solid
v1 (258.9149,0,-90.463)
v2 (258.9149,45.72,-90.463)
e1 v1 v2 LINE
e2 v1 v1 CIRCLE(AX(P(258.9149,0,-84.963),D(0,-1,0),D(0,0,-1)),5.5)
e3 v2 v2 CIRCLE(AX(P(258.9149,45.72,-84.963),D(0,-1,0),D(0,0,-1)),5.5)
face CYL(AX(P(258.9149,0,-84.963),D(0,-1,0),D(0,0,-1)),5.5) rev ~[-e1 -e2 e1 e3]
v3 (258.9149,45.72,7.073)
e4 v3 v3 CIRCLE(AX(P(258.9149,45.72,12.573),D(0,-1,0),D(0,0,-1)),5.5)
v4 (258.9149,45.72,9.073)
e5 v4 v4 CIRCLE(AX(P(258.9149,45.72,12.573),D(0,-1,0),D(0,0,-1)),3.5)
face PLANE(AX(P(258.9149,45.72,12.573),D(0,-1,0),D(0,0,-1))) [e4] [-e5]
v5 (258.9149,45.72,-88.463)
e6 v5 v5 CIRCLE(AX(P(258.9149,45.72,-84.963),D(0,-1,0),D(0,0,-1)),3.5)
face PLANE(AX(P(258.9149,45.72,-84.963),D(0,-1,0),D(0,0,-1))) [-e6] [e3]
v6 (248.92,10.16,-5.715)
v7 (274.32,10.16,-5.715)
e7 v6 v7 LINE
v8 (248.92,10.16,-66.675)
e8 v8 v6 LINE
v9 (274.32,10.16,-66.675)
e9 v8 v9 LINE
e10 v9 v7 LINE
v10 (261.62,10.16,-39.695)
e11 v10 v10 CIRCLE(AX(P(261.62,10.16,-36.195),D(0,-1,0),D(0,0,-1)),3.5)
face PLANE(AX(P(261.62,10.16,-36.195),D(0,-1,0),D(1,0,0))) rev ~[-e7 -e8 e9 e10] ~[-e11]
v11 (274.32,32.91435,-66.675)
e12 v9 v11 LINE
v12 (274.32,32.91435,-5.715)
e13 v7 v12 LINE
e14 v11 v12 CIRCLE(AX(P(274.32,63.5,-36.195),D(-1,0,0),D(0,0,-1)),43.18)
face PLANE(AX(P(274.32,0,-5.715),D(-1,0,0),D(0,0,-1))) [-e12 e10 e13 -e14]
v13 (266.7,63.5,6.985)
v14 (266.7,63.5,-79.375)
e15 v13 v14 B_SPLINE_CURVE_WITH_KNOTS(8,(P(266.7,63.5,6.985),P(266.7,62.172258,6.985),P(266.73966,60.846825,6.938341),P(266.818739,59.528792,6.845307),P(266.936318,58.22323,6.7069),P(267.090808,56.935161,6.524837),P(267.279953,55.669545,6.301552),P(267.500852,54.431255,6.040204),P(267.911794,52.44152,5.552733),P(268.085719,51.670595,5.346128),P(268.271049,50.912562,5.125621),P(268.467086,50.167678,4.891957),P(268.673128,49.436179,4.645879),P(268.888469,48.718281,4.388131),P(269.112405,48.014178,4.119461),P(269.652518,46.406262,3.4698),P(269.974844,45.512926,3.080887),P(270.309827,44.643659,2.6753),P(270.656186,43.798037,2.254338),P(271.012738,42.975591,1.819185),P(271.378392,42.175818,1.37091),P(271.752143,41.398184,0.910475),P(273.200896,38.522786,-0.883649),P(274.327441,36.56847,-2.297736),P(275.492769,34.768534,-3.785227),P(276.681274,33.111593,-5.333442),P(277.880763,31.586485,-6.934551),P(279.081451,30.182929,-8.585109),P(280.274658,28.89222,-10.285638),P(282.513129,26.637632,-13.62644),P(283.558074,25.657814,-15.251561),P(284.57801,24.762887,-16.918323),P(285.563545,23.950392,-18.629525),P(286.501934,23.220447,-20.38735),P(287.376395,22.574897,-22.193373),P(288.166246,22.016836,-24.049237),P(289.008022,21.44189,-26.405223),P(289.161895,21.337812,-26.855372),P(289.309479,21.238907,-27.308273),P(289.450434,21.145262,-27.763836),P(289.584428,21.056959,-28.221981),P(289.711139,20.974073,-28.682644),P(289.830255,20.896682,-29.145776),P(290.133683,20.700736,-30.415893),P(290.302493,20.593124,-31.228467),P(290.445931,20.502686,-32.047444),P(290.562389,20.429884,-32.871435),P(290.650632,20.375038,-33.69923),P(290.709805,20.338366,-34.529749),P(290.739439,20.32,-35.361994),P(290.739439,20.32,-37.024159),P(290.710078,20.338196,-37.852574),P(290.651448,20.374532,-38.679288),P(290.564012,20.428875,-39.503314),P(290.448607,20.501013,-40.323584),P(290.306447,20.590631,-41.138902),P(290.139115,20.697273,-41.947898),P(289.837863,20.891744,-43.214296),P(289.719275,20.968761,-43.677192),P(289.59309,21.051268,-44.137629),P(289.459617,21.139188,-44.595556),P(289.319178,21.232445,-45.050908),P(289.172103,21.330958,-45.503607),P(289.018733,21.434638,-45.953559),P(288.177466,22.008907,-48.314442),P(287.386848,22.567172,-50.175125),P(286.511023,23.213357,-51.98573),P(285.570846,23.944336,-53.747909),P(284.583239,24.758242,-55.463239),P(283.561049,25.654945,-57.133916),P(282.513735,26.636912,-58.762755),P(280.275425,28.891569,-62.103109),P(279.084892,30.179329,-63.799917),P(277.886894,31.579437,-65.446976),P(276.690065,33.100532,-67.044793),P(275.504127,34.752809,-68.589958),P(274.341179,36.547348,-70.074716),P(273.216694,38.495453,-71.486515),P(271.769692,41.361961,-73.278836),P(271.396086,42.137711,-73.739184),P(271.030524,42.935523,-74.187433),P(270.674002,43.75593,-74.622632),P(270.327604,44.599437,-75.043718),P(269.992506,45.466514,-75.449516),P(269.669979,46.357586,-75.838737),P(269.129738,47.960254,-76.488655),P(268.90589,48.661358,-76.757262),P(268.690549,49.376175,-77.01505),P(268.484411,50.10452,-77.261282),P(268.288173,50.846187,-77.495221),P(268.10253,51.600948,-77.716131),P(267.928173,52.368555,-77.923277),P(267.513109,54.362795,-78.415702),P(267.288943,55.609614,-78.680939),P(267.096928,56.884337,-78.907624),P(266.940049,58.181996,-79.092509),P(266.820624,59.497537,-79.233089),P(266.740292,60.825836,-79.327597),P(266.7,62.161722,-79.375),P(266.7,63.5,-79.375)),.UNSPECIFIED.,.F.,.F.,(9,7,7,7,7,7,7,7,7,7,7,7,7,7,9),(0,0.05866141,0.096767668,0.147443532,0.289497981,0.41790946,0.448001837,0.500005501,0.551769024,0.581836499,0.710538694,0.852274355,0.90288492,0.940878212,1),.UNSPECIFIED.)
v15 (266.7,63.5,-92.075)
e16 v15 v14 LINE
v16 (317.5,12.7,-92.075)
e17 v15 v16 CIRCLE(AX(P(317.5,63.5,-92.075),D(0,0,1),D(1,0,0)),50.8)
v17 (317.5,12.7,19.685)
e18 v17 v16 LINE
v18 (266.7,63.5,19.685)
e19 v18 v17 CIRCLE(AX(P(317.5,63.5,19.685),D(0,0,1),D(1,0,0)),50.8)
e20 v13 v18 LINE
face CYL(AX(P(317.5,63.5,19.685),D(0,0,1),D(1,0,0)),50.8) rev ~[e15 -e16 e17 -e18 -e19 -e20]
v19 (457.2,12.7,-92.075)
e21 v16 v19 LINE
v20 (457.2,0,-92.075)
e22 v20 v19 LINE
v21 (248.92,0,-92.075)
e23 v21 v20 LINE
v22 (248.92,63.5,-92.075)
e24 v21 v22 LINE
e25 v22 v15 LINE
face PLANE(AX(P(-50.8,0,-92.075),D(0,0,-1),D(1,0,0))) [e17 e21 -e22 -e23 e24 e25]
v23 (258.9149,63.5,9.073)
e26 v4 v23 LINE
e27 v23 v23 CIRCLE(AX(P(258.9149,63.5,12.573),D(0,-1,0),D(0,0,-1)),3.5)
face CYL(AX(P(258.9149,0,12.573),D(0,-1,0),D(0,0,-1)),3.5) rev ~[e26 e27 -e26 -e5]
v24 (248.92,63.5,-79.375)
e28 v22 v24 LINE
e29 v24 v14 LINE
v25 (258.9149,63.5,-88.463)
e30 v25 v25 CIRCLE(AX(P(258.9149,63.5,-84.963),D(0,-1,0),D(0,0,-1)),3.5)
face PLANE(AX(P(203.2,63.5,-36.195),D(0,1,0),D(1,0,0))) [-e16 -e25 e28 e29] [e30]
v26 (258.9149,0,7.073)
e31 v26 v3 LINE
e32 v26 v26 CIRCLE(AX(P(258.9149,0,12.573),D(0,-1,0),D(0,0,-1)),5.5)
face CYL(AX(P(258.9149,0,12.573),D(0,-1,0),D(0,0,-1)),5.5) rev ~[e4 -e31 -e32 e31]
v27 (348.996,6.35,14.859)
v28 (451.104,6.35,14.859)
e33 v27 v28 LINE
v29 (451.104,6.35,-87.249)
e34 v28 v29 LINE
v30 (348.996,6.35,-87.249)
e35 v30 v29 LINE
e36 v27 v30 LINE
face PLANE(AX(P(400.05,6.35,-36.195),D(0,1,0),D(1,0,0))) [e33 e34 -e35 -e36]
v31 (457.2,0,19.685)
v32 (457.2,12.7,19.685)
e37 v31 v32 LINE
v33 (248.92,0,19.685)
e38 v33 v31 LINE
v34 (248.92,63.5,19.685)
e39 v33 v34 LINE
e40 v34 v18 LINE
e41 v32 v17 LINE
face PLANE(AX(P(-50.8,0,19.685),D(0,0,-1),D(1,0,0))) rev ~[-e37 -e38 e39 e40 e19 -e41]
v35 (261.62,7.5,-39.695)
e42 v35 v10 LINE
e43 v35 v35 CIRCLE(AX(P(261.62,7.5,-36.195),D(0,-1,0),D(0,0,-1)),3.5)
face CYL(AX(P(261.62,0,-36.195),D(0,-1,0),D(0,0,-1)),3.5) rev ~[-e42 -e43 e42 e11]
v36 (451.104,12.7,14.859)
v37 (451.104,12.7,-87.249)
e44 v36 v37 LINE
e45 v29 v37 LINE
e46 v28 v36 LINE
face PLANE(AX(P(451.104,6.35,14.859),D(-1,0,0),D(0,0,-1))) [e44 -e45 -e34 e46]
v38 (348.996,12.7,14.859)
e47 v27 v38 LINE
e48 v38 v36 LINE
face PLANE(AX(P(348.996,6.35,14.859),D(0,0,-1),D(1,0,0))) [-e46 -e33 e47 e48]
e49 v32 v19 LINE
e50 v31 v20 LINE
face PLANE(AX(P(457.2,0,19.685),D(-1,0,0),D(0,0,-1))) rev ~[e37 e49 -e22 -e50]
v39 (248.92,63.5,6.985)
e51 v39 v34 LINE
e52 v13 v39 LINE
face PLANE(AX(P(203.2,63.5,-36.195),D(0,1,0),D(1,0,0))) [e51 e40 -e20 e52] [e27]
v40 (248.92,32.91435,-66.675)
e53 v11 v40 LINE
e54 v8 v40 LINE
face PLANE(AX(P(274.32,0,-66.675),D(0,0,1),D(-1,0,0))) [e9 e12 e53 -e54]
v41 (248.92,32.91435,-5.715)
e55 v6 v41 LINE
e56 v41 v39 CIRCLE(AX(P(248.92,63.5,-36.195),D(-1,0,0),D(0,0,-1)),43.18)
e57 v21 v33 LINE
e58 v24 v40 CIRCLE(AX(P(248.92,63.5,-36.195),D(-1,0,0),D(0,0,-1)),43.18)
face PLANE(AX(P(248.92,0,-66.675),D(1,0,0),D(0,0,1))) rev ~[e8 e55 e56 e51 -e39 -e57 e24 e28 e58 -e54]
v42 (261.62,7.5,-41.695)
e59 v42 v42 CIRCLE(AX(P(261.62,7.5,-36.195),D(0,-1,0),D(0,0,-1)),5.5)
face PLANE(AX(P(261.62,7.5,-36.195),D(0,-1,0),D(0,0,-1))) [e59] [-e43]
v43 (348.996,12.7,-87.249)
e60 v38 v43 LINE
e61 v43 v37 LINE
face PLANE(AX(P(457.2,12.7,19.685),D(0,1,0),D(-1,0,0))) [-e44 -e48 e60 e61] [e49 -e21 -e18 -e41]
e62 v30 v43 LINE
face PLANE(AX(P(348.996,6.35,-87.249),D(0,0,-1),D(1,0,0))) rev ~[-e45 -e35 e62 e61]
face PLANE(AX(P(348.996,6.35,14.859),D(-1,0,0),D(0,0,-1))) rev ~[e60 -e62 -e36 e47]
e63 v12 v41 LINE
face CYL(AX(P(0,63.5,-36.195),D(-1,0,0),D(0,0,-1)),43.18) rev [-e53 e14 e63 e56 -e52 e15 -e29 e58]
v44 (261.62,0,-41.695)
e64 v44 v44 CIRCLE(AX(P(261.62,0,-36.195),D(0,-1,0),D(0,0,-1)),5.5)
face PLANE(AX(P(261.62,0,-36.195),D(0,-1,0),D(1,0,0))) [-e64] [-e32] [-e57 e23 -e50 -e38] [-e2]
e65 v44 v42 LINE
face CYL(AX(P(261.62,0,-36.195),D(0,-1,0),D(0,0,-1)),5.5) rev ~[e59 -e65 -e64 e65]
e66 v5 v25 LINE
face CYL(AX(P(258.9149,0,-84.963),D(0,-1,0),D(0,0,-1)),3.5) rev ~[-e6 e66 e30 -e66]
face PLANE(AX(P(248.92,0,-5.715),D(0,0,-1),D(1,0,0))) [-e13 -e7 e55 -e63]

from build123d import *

# Parameters (mm, degrees)
SKETCH3_W           = 508
SKETCH3_H           = 111.76
BOSS_EXTRUDE1_DEPTH = 63.5
CUT_EXTRUDE1_START  = 6.35
SKETCH2_W           = 102.108
SKETCH2_H           = 102.108
CUT_EXTRUDE1_DEPTH  = 111.76
CUT_EXTRUDE2_DEPTH  = 156.718
SKETCH5_R           = 43.18
CUT_EXTRUDE3_DEPTH  = 355.6
SKETCH6_W           = 266.7
SKETCH6_H           = 101.6
CUT_EXTRUDE4_DEPTH  = 50.8
SKETCH8_OUTSIDE_W   = 614.802
SKETCH8_OUTSIDE_H   = 218.562
CUT_EXTRUDE5_DEPTH  = 174.244
SKETCH9_W           = 25.4
SKETCH9_H           = 60.96
BOSS_EXTRUDE2_DEPTH = 10.16
SKETCH10_R          = 3.5
CUT_EXTRUDE6_DEPTH  = 93.98
SKETCH10_3_R        = 5.5
CUT_EXTRUDE7_DEPTH  = 45.72
SKETCH12_R          = 3.5
CUT_EXTRUDE8_DEPTH  = 93.98
SKETCH12_3_R        = 5.5
CUT_EXTRUDE9_DEPTH  = 7.5


with BuildPart() as part:
    # Sketch3 → Boss-Extrude1 (new body)
    with BuildSketch(Plane(origin=(0, 0, 0), x_dir=(1, 0, 0), z_dir=(0, 1, 0))):
        with Locations((203.2, 36.195)):
            Rectangle(SKETCH3_W, SKETCH3_H)
    extrude(amount=BOSS_EXTRUDE1_DEPTH)

    # Sketch2 → Cut-Extrude1 (cut)
    with BuildSketch(Plane(origin=(0, 0, 0), x_dir=(1, 0, 0), z_dir=(0, 1, 0)).offset(CUT_EXTRUDE1_START)):
        with Locations((400.05, 36.195)):
            Rectangle(SKETCH2_W, SKETCH2_H)
    extrude(amount=CUT_EXTRUDE1_DEPTH, mode=Mode.SUBTRACT)

    # Sketch4 → Cut-Extrude2 (cut)
    with BuildSketch(Plane.XY.offset(19.685)):
        with BuildLine():
            Line((317.5, 12.7), (457.2, 12.7))
            Line((457.2, 12.7), (457.2, 63.5))
            Line((457.2, 63.5), (368.3, 63.5))
            ThreePointArc((368.3, 63.5), (281.578975516, 99.421024484), (317.5, 12.7))
        make_face()
    extrude(amount=-CUT_EXTRUDE2_DEPTH, mode=Mode.SUBTRACT)

    # Sketch5 → Cut-Extrude3 (cut)
    with BuildSketch(Plane(origin=(0, 0, 0), x_dir=(0, 0, -1), z_dir=(1, 0, 0))):
        with Locations((36.195, 63.5)):
            Circle(SKETCH5_R)
    extrude(amount=CUT_EXTRUDE3_DEPTH, mode=Mode.SUBTRACT)

    # Sketch6 → Cut-Extrude4 (cut)
    with BuildSketch(Plane(origin=(0, 63.5, 0), x_dir=(1, 0, 0), z_dir=(0, 1, 0))):
        with Locations((87.63, 36.195)):
            Rectangle(SKETCH6_W, SKETCH6_H)
    extrude(amount=-CUT_EXTRUDE4_DEPTH, mode=Mode.SUBTRACT)

    # Sketch7 → Cut-Revolve1 (revolve, cut)
    with BuildSketch(Plane(origin=(0, 63.5, 0), x_dir=(1, 0, 0), z_dir=(0, 1, 0))):
        with BuildLine():
            Line((233.68, -13.805), (237.541436971, -13.805))
            ThreePointArc((237.541436971, -13.805), (242.139619592, 11.007294884), (243.68, 36.195))
            Line((243.68, 36.195), (233.68, 36.195))
            Line((233.68, 36.195), (233.68, -13.805))
        make_face()
    revolve(axis=Axis((-45.72, 63.5, -36.195), (1, 0, 0)), mode=Mode.SUBTRACT)

    # Sketch8 outside → Cut-Extrude5 (cut)
    with BuildSketch(Plane.XZ):
        with Locations((203.2, -36.195)):
            Rectangle(SKETCH8_OUTSIDE_W, SKETCH8_OUTSIDE_H)
        Polygon((248.92, 19.685), (248.92, -5.715), (274.32, -5.715), (274.32, -66.675), (248.92, -66.675), (248.92, -92.075), (493.448726159, -149.556417416), (493.448726159, 67.99660497), align=None, mode=Mode.SUBTRACT)
    extrude(amount=-CUT_EXTRUDE5_DEPTH, mode=Mode.SUBTRACT)

    # Sketch9 → Boss-Extrude2 (add)
    with BuildSketch(Plane.XZ):
        with Locations((261.62, -36.195)):
            Rectangle(SKETCH9_W, SKETCH9_H)
    extrude(amount=-BOSS_EXTRUDE2_DEPTH)

    # Sketch10 → Cut-Extrude6 (cut)
    with BuildSketch(Plane.XZ):
        with Locations((258.9149, -84.963)):
            Circle(SKETCH10_R)
        with Locations((258.9149, 12.573)):
            Circle(SKETCH10_R)
    extrude(amount=-CUT_EXTRUDE6_DEPTH, mode=Mode.SUBTRACT)

    # Sketch10<3> → Cut-Extrude7 (cut)
    with BuildSketch(Plane.XZ):
        with Locations((258.9149, 12.573)):
            Circle(SKETCH10_3_R)
        with Locations((258.9149, -84.963)):
            Circle(SKETCH10_3_R)
    extrude(amount=-CUT_EXTRUDE7_DEPTH, mode=Mode.SUBTRACT)

    # Sketch12 → Cut-Extrude8 (cut)
    with BuildSketch(Plane.XZ):
        with Locations((261.62, -36.195)):
            Circle(SKETCH12_R)
    extrude(amount=-CUT_EXTRUDE8_DEPTH, mode=Mode.SUBTRACT)

    # Sketch12<3> → Cut-Extrude9 (cut)
    with BuildSketch(Plane.XZ):
        with Locations((261.62, -36.195)):
            Circle(SKETCH12_3_R)
    extrude(amount=-CUT_EXTRUDE9_DEPTH, mode=Mode.SUBTRACT)


solid = part.part
